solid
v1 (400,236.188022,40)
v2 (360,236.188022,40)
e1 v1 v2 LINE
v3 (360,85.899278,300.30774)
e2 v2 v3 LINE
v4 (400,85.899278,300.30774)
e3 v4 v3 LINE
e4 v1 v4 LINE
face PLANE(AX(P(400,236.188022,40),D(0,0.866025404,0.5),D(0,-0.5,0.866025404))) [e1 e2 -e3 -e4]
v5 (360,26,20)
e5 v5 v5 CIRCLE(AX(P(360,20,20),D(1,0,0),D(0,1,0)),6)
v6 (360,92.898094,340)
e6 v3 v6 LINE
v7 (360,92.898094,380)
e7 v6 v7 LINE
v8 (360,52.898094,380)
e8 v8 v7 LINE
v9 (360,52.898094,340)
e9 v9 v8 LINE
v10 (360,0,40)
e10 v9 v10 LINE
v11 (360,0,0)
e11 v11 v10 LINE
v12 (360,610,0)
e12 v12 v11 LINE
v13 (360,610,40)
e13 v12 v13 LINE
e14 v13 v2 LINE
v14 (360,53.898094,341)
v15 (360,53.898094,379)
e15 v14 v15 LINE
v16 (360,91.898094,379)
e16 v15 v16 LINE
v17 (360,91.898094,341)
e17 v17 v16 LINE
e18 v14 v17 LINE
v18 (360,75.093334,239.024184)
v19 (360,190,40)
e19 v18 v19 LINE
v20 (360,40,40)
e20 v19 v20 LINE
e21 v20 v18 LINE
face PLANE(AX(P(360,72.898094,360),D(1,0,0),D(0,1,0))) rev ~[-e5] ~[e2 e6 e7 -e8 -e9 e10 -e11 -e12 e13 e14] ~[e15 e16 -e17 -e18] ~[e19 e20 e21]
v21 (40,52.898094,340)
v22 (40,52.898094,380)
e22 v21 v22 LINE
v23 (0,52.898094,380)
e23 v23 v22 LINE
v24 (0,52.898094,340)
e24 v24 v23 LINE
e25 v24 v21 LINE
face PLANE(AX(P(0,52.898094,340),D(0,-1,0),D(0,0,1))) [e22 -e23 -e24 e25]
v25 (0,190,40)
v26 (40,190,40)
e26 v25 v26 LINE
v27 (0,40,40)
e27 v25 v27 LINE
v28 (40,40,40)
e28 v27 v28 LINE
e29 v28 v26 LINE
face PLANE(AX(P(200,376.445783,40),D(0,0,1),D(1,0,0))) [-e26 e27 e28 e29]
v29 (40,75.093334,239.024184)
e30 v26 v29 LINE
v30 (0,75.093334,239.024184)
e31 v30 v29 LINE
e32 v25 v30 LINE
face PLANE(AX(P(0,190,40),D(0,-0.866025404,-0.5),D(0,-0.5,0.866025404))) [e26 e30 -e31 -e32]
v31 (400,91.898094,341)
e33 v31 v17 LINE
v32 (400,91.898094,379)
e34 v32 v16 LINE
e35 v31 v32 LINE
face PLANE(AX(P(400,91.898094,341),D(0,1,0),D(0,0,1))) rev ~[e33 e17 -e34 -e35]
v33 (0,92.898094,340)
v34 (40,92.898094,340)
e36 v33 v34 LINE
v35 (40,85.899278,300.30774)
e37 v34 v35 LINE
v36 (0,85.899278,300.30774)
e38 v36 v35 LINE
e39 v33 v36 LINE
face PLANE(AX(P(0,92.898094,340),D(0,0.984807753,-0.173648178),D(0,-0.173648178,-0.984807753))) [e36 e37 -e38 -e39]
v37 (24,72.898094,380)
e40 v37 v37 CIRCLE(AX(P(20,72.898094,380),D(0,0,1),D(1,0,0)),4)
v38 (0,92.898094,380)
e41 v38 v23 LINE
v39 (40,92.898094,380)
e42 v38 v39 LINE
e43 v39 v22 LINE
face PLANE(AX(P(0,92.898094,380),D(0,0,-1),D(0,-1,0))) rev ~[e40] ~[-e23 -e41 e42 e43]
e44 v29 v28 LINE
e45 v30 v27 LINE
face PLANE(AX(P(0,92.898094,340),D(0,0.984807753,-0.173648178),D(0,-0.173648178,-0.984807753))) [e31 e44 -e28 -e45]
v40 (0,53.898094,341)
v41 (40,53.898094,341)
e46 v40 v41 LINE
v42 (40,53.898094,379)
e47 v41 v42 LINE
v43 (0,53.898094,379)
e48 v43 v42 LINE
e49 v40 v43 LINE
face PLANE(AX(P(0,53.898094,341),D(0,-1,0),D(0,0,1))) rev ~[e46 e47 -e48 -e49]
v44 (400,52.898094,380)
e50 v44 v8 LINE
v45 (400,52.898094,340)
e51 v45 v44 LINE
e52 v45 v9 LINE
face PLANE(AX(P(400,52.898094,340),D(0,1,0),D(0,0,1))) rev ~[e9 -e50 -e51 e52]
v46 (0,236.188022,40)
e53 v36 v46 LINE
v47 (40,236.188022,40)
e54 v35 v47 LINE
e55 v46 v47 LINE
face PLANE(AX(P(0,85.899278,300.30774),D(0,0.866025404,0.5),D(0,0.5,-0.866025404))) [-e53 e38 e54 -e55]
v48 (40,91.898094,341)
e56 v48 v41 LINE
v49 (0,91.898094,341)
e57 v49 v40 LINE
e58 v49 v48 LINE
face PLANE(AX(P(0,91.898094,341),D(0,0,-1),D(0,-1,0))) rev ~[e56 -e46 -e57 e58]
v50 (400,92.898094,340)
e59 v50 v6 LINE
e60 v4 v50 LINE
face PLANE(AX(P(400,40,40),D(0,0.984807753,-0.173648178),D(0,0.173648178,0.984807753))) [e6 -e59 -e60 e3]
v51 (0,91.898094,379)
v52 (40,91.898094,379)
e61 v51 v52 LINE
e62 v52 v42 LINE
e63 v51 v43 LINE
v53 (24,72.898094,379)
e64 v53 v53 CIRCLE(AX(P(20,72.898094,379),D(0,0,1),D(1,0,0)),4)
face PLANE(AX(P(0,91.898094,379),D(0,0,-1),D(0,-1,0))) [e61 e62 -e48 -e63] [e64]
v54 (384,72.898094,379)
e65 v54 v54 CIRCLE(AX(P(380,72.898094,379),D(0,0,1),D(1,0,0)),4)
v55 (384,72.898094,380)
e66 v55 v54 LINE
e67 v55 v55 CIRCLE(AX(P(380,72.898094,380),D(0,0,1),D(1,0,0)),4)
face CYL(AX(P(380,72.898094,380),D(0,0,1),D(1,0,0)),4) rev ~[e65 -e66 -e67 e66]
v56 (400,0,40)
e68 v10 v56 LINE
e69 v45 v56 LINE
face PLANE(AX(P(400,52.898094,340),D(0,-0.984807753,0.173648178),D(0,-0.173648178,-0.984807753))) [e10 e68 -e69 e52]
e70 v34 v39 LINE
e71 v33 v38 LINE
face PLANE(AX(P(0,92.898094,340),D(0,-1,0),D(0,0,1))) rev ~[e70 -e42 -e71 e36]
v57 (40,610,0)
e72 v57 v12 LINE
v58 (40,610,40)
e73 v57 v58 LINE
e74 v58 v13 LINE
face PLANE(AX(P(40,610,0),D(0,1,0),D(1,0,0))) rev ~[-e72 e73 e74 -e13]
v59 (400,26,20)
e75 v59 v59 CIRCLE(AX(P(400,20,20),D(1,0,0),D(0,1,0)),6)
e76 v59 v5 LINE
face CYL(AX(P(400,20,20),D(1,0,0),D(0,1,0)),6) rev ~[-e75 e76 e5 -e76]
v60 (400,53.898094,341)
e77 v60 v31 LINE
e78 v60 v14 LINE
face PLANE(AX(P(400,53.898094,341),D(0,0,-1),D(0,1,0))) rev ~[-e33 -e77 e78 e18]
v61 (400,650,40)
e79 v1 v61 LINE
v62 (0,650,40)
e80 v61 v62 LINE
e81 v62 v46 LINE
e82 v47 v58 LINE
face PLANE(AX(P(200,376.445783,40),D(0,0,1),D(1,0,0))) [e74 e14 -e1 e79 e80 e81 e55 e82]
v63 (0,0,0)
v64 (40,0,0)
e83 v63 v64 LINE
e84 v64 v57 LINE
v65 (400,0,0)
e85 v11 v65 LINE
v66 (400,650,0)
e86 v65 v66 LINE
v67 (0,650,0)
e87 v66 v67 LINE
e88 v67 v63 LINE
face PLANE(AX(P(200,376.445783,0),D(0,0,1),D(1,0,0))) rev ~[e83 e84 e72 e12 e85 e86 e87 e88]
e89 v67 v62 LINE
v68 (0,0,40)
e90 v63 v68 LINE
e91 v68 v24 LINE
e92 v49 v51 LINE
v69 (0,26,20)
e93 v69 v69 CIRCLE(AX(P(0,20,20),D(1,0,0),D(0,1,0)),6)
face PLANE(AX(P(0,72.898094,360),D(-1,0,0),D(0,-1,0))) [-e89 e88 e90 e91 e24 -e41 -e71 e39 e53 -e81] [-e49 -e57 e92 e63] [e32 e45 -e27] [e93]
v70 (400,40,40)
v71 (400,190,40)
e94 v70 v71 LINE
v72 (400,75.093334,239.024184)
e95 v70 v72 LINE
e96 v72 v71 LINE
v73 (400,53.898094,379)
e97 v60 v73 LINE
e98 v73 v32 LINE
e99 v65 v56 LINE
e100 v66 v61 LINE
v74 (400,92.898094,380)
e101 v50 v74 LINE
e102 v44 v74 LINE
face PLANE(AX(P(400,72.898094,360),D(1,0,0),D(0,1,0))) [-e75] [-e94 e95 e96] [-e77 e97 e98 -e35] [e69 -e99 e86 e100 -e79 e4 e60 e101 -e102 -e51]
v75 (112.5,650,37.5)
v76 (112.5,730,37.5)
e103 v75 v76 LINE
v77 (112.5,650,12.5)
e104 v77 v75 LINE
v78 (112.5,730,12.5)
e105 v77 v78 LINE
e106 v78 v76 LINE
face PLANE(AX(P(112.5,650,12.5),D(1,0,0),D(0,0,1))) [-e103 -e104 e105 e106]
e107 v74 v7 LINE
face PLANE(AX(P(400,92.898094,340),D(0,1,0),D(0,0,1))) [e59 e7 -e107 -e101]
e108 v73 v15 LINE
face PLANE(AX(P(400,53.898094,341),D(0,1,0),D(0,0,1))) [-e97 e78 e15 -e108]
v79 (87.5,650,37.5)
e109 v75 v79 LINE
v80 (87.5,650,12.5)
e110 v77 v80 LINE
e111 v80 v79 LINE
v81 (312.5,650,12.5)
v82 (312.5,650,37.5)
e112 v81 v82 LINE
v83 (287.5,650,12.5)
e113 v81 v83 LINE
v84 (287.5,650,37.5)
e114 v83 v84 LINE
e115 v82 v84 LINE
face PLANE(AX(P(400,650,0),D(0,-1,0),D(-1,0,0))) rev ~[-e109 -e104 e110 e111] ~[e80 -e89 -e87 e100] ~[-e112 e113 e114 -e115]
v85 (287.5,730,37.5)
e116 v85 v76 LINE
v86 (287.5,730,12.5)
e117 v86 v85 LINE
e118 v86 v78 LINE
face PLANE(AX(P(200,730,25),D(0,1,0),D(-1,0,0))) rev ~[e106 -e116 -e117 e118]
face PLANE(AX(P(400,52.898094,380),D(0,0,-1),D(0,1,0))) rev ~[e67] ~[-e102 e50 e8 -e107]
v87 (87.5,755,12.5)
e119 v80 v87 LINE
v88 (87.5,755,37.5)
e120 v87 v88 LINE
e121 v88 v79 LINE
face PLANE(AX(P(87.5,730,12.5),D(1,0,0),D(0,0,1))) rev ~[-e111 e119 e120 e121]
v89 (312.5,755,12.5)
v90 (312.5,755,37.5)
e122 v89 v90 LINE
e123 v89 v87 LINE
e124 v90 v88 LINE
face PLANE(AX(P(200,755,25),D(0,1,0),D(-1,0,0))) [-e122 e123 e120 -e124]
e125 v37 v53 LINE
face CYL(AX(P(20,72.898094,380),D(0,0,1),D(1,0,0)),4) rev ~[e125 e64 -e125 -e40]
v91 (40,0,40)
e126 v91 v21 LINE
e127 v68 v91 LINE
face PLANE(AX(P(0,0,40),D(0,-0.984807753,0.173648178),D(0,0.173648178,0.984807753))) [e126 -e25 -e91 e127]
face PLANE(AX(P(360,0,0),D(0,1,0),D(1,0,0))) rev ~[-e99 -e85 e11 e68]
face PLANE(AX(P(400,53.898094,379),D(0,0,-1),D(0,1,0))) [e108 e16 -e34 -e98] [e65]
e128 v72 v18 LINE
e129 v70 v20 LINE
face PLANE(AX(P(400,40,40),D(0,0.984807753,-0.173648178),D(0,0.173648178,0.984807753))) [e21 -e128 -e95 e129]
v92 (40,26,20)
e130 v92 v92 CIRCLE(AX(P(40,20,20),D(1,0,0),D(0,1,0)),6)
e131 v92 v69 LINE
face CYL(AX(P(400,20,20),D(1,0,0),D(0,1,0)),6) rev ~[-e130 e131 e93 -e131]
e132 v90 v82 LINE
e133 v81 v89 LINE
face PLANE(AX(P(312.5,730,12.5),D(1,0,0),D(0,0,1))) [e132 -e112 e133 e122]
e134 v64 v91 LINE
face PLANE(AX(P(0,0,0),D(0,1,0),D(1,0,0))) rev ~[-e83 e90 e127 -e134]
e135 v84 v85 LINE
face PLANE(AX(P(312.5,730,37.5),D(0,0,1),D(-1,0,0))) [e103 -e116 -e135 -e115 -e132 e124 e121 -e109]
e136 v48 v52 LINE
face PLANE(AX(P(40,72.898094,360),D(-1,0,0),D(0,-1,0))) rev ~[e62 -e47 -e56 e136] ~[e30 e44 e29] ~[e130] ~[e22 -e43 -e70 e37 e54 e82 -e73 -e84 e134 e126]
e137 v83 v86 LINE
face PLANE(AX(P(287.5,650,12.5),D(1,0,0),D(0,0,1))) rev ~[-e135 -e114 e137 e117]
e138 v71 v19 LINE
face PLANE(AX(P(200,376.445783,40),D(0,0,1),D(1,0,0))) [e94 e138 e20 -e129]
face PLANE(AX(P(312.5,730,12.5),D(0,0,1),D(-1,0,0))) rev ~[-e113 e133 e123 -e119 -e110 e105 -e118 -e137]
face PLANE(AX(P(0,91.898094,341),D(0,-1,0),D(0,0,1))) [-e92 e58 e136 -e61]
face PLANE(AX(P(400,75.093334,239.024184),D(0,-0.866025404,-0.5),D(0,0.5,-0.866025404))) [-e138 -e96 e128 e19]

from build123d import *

# Parameters (mm, degrees)
F1_DEPTH  = 40
F2_W      = 25
F2_H      = 25
F3_DEPTH  = 80
F4_W      = 225
F4_H      = 25
F5_DEPTH  = 25
F7_DEPTH  = 40
F9_DEPTH  = 40
F10_R     = 6
F11_DEPTH = 400.001
F12_W     = 40
F12_H     = 40
F12_W_2   = 38
F12_H_2   = 38
F13_DEPTH = 40
F14_W     = 40
F14_H     = 40
F14_W_2   = 38
F14_H_2   = 38
F15_DEPTH = 40
F16_R     = 4
F17_DEPTH = 25
F18_R     = 4
F19_DEPTH = 25
F21_DEPTH = 40
F23_DEPTH = 40


with BuildPart() as f1:
    # F0 (on Top) → F1 (new body)
    with BuildSketch(Plane.XY):
        Polygon((0, 650), (0, 0), (40, 0), (40, 610), (360, 610), (360, 0), (400, 0), (400, 650), align=None)
    extrude(amount=F1_DEPTH)

    # F2 (on face) → F3 (join)
    with BuildSketch(Plane(origin=(0, 650, 0), x_dir=(-1, 0, 0), z_dir=(0, 1, 0))):
        with Locations((-100, 25)):
            Rectangle(F2_W, F2_H)
        with Locations((-300, 25)):
            Rectangle(F2_W, F2_H)
    extrude(amount=F3_DEPTH)

    # F4 (on face) → F5 (join)
    with BuildSketch(Plane(origin=(0, 730, 0), x_dir=(-1, 0, 0), z_dir=(0, 1, 0))):
        with Locations((-200, 25)):
            Rectangle(F4_W, F4_H)
    extrude(amount=F5_DEPTH)

    # F6 (on face) → F7 (join)
    with BuildSketch(Plane(origin=(0, 0, 0), x_dir=(0, -1, 0), z_dir=(-1, 0, 0))):
        Polygon((-40, 40), (0, 40), (-52.8980942125, 340), (-92.8980942125, 340), align=None)
    extrude(amount=-F7_DEPTH)

    # F8 (on face) → F9 (join)
    with BuildSketch(Plane.YZ.offset(400)):
        Polygon((52.8980942125, 340), (0, 40), (40, 40), (92.8980942125, 340), align=None)
    extrude(amount=-F9_DEPTH)

    # F10 (on face) → F11 (cut, through all)
    with BuildSketch(Plane.YZ.offset(400)):
        with Locations((20, 20)):
            Circle(F10_R)
    extrude(amount=-F11_DEPTH, mode=Mode.SUBTRACT)

    # F12 (on face) → F13 (join)
    with BuildSketch(Plane.YZ.offset(400)):
        with Locations((72.8980942125, 360)):
            Rectangle(F12_W, F12_H)
        with Locations((72.8980942125, 360)):
            Rectangle(F12_W_2, F12_H_2, mode=Mode.SUBTRACT)
    extrude(amount=-F13_DEPTH)

    # F14 (on face) → F15 (join)
    with BuildSketch(Plane(origin=(0, 0, 0), x_dir=(0, -1, 0), z_dir=(-1, 0, 0))):
        with Locations((-72.8980942125, 360)):
            Rectangle(F14_W, F14_H)
        with Locations((-72.8980942125, 360)):
            Rectangle(F14_W_2, F14_H_2, mode=Mode.SUBTRACT)
    extrude(amount=-F15_DEPTH)

    # F16 (on face) → F17 (cut)
    with BuildSketch(Plane.XY.offset(380)):
        with Locations((20, 72.8980942125)):
            Circle(F16_R)
    extrude(amount=-F17_DEPTH, mode=Mode.SUBTRACT)

    # F18 (on face) → F19 (cut)
    with BuildSketch(Plane.XY.offset(380)):
        with Locations((380, 72.8980942125)):
            Circle(F18_R)
    extrude(amount=-F19_DEPTH, mode=Mode.SUBTRACT)

    # F20 (on face) → F21 (join)
    with BuildSketch(Plane.YZ.offset(400)):
        Polygon((75.0933335322, 239.0241844507), (190, 40), (236.1880215352, 40), (85.8992778316, 300.3077399002), align=None)
    extrude(amount=-F21_DEPTH)

    # F22 (on face) → F23 (join)
    with BuildSketch(Plane(origin=(0, 0, 0), x_dir=(0, -1, 0), z_dir=(-1, 0, 0))):
        Polygon((-236.1880215352, 40), (-190, 40), (-75.0933335322, 239.0241844507), (-85.8992778316, 300.3077399002), align=None)
    extrude(amount=-F23_DEPTH)


solid = f1.part
